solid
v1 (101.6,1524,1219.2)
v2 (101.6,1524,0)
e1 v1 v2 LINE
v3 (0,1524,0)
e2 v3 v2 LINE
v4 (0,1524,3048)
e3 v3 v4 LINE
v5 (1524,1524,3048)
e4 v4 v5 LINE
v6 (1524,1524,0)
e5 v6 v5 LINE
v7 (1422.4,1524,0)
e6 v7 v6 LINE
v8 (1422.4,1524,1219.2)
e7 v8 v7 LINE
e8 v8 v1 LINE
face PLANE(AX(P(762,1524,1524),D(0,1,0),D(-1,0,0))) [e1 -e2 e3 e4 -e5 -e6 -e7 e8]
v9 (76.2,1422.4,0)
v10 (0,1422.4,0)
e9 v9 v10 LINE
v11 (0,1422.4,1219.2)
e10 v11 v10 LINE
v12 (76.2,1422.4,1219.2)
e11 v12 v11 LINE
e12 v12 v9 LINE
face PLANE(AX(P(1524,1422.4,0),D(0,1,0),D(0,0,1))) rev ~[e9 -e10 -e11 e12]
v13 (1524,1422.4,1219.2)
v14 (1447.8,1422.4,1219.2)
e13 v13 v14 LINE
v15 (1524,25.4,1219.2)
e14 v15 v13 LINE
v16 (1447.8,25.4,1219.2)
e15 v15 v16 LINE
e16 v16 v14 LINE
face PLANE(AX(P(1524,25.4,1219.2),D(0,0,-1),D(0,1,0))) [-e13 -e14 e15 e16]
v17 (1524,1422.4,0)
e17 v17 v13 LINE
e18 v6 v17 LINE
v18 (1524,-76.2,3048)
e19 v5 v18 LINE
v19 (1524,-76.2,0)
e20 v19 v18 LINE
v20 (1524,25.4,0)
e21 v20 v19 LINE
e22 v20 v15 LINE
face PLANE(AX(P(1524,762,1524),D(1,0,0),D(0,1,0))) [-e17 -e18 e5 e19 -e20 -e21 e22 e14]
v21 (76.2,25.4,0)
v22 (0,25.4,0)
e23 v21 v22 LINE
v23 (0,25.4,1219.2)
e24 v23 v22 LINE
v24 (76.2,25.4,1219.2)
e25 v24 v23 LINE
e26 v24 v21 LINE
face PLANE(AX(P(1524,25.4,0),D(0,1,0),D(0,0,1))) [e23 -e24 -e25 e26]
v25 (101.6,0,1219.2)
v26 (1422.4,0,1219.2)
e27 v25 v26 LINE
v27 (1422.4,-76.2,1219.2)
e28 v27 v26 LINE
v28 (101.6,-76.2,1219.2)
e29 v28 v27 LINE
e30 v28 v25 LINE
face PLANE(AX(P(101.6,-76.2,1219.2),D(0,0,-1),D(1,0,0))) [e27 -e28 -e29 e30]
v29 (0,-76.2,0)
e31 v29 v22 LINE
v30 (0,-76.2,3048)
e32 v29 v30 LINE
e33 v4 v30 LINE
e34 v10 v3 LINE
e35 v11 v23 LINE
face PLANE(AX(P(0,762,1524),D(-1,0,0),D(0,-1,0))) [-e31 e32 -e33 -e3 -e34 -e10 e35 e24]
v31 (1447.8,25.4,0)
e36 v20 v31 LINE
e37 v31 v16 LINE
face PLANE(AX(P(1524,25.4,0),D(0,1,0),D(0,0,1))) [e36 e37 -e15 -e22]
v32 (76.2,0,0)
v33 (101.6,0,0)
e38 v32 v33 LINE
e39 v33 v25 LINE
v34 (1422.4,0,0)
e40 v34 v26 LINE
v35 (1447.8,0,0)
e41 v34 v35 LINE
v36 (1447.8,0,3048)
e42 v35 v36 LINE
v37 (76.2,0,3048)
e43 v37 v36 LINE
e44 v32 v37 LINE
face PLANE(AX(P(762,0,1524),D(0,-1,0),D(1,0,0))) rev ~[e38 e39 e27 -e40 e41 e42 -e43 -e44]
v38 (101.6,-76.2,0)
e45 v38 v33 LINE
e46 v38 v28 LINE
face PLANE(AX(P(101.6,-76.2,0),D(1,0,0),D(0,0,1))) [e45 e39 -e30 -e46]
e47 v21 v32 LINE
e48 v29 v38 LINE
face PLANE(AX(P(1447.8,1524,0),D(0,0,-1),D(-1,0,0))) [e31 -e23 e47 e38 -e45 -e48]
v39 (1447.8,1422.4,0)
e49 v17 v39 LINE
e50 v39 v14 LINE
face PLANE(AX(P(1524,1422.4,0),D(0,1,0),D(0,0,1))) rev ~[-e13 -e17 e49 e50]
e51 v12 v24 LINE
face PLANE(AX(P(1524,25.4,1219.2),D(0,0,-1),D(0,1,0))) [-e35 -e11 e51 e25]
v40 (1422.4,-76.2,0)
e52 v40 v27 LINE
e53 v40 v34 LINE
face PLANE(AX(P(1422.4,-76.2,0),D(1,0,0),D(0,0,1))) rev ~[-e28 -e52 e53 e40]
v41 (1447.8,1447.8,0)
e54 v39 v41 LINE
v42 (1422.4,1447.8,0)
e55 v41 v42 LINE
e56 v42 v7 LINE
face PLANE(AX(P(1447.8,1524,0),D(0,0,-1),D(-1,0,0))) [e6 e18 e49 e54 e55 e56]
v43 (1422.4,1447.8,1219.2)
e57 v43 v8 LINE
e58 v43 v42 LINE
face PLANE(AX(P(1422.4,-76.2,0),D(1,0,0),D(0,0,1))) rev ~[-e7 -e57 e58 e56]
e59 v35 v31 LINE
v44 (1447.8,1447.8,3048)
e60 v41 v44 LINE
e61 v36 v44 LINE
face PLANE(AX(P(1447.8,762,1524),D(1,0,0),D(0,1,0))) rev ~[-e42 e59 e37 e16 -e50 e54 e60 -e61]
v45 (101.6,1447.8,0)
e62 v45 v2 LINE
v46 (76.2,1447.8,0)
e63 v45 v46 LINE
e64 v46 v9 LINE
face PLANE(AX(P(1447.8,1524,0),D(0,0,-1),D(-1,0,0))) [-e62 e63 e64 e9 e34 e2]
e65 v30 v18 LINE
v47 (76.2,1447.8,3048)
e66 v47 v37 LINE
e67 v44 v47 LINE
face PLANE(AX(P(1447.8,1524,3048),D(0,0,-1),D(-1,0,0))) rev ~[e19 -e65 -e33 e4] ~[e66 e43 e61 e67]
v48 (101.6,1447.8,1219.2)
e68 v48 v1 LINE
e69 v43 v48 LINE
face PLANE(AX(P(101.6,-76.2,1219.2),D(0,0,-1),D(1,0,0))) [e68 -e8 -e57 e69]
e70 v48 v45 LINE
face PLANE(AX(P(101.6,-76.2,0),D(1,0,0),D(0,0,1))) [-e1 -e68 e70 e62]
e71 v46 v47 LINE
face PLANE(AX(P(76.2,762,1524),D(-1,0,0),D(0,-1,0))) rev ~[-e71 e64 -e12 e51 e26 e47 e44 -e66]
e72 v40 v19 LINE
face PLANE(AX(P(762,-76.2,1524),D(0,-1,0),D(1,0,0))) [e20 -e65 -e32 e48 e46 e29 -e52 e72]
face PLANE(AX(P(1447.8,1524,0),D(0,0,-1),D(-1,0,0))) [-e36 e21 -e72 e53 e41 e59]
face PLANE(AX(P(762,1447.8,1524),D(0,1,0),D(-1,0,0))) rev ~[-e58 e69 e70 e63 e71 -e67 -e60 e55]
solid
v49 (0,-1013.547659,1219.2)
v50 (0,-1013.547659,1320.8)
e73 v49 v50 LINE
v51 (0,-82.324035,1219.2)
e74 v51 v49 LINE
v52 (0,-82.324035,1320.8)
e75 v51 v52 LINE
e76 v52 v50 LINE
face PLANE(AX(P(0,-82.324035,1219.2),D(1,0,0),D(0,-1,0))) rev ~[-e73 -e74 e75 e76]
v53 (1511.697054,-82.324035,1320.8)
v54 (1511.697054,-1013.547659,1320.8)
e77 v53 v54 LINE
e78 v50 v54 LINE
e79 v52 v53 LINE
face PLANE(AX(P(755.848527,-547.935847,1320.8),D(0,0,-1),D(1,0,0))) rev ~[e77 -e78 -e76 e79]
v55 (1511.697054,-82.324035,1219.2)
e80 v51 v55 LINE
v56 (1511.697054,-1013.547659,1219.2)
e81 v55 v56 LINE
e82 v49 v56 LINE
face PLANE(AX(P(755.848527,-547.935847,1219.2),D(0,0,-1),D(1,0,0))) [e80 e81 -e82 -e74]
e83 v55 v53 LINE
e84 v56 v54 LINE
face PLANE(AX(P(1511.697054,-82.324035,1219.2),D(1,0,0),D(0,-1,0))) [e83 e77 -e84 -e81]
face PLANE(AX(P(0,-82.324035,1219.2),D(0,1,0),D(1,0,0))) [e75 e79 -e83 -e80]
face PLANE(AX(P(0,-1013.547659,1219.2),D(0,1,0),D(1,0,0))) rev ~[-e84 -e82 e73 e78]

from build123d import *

# Parameters (mm, degrees)
F0_W      = 1524
F0_H      = 3048
F1_DEPTH  = 76.2
F2_W      = 1524
F2_H      = 3048
F3_DEPTH  = 76.2
F4_W      = 1524
F4_H      = 3048
F5_DEPTH  = 76.2
F6_W      = 1371.6
F6_H      = 3048
F7_DEPTH  = 76.2
F8_W      = 1397
F8_H      = 1219.2
F9_DEPTH  = 1574.8
F10_W     = 1320.8
F10_H     = 1219.2
F11_DEPTH = 1676.4
F12_W     = 1511.697054
F12_H     = 931.223624
F13_DEPTH = 101.6


with BuildPart() as f1:
    # F0 (on Front) → F1 (new body)
    with BuildSketch(Plane.XZ):
        with Locations((762, 1524)):
            Rectangle(F0_W, F0_H)
    extrude(amount=F1_DEPTH)

    # F2 (on face) → F3 (join)
    with BuildSketch(Plane.YZ.offset(1524)):
        with Locations((762, 1524)):
            Rectangle(F2_W, F2_H)
    extrude(amount=-F3_DEPTH)

    # F4 (on face) → F5 (join)
    with BuildSketch(Plane(origin=(0, 0, 0), x_dir=(0, -1, 0), z_dir=(-1, 0, 0))):
        with Locations((-762, 1524)):
            Rectangle(F4_W, F4_H)
    extrude(amount=-F5_DEPTH)

    # F6 (on face) → F7 (join)
    with BuildSketch(Plane(origin=(0, 1524, 0), x_dir=(-1, 0, 0), z_dir=(0, 1, 0))):
        with Locations((-762, 1524)):
            Rectangle(F6_W, F6_H)
    extrude(amount=-F7_DEPTH)

    # F8 (on face) → F9 (cut)
    with BuildSketch(Plane.YZ.offset(1524)):
        with Locations((723.9, 609.6)):
            Rectangle(F8_W, F8_H)
    extrude(amount=-F9_DEPTH, mode=Mode.SUBTRACT)

    # F10 (on face) → F11 (cut)
    with BuildSketch(Plane.XZ.offset(76.2)):
        with Locations((762, 609.6)):
            Rectangle(F10_W, F10_H)
    extrude(amount=-F11_DEPTH, mode=Mode.SUBTRACT)


with BuildPart() as f13:
    # F12 (on face) → F13 (new body)
    with BuildSketch(Plane(origin=(0, 0, 1219.2), x_dir=(1, 0, 0), z_dir=(0, 0, -1))):
        with Locations((755.848527, 547.935847)):
            Rectangle(F12_W, F12_H)
    extrude(amount=-F13_DEPTH)


solid = Compound([f1.part, f13.part])
